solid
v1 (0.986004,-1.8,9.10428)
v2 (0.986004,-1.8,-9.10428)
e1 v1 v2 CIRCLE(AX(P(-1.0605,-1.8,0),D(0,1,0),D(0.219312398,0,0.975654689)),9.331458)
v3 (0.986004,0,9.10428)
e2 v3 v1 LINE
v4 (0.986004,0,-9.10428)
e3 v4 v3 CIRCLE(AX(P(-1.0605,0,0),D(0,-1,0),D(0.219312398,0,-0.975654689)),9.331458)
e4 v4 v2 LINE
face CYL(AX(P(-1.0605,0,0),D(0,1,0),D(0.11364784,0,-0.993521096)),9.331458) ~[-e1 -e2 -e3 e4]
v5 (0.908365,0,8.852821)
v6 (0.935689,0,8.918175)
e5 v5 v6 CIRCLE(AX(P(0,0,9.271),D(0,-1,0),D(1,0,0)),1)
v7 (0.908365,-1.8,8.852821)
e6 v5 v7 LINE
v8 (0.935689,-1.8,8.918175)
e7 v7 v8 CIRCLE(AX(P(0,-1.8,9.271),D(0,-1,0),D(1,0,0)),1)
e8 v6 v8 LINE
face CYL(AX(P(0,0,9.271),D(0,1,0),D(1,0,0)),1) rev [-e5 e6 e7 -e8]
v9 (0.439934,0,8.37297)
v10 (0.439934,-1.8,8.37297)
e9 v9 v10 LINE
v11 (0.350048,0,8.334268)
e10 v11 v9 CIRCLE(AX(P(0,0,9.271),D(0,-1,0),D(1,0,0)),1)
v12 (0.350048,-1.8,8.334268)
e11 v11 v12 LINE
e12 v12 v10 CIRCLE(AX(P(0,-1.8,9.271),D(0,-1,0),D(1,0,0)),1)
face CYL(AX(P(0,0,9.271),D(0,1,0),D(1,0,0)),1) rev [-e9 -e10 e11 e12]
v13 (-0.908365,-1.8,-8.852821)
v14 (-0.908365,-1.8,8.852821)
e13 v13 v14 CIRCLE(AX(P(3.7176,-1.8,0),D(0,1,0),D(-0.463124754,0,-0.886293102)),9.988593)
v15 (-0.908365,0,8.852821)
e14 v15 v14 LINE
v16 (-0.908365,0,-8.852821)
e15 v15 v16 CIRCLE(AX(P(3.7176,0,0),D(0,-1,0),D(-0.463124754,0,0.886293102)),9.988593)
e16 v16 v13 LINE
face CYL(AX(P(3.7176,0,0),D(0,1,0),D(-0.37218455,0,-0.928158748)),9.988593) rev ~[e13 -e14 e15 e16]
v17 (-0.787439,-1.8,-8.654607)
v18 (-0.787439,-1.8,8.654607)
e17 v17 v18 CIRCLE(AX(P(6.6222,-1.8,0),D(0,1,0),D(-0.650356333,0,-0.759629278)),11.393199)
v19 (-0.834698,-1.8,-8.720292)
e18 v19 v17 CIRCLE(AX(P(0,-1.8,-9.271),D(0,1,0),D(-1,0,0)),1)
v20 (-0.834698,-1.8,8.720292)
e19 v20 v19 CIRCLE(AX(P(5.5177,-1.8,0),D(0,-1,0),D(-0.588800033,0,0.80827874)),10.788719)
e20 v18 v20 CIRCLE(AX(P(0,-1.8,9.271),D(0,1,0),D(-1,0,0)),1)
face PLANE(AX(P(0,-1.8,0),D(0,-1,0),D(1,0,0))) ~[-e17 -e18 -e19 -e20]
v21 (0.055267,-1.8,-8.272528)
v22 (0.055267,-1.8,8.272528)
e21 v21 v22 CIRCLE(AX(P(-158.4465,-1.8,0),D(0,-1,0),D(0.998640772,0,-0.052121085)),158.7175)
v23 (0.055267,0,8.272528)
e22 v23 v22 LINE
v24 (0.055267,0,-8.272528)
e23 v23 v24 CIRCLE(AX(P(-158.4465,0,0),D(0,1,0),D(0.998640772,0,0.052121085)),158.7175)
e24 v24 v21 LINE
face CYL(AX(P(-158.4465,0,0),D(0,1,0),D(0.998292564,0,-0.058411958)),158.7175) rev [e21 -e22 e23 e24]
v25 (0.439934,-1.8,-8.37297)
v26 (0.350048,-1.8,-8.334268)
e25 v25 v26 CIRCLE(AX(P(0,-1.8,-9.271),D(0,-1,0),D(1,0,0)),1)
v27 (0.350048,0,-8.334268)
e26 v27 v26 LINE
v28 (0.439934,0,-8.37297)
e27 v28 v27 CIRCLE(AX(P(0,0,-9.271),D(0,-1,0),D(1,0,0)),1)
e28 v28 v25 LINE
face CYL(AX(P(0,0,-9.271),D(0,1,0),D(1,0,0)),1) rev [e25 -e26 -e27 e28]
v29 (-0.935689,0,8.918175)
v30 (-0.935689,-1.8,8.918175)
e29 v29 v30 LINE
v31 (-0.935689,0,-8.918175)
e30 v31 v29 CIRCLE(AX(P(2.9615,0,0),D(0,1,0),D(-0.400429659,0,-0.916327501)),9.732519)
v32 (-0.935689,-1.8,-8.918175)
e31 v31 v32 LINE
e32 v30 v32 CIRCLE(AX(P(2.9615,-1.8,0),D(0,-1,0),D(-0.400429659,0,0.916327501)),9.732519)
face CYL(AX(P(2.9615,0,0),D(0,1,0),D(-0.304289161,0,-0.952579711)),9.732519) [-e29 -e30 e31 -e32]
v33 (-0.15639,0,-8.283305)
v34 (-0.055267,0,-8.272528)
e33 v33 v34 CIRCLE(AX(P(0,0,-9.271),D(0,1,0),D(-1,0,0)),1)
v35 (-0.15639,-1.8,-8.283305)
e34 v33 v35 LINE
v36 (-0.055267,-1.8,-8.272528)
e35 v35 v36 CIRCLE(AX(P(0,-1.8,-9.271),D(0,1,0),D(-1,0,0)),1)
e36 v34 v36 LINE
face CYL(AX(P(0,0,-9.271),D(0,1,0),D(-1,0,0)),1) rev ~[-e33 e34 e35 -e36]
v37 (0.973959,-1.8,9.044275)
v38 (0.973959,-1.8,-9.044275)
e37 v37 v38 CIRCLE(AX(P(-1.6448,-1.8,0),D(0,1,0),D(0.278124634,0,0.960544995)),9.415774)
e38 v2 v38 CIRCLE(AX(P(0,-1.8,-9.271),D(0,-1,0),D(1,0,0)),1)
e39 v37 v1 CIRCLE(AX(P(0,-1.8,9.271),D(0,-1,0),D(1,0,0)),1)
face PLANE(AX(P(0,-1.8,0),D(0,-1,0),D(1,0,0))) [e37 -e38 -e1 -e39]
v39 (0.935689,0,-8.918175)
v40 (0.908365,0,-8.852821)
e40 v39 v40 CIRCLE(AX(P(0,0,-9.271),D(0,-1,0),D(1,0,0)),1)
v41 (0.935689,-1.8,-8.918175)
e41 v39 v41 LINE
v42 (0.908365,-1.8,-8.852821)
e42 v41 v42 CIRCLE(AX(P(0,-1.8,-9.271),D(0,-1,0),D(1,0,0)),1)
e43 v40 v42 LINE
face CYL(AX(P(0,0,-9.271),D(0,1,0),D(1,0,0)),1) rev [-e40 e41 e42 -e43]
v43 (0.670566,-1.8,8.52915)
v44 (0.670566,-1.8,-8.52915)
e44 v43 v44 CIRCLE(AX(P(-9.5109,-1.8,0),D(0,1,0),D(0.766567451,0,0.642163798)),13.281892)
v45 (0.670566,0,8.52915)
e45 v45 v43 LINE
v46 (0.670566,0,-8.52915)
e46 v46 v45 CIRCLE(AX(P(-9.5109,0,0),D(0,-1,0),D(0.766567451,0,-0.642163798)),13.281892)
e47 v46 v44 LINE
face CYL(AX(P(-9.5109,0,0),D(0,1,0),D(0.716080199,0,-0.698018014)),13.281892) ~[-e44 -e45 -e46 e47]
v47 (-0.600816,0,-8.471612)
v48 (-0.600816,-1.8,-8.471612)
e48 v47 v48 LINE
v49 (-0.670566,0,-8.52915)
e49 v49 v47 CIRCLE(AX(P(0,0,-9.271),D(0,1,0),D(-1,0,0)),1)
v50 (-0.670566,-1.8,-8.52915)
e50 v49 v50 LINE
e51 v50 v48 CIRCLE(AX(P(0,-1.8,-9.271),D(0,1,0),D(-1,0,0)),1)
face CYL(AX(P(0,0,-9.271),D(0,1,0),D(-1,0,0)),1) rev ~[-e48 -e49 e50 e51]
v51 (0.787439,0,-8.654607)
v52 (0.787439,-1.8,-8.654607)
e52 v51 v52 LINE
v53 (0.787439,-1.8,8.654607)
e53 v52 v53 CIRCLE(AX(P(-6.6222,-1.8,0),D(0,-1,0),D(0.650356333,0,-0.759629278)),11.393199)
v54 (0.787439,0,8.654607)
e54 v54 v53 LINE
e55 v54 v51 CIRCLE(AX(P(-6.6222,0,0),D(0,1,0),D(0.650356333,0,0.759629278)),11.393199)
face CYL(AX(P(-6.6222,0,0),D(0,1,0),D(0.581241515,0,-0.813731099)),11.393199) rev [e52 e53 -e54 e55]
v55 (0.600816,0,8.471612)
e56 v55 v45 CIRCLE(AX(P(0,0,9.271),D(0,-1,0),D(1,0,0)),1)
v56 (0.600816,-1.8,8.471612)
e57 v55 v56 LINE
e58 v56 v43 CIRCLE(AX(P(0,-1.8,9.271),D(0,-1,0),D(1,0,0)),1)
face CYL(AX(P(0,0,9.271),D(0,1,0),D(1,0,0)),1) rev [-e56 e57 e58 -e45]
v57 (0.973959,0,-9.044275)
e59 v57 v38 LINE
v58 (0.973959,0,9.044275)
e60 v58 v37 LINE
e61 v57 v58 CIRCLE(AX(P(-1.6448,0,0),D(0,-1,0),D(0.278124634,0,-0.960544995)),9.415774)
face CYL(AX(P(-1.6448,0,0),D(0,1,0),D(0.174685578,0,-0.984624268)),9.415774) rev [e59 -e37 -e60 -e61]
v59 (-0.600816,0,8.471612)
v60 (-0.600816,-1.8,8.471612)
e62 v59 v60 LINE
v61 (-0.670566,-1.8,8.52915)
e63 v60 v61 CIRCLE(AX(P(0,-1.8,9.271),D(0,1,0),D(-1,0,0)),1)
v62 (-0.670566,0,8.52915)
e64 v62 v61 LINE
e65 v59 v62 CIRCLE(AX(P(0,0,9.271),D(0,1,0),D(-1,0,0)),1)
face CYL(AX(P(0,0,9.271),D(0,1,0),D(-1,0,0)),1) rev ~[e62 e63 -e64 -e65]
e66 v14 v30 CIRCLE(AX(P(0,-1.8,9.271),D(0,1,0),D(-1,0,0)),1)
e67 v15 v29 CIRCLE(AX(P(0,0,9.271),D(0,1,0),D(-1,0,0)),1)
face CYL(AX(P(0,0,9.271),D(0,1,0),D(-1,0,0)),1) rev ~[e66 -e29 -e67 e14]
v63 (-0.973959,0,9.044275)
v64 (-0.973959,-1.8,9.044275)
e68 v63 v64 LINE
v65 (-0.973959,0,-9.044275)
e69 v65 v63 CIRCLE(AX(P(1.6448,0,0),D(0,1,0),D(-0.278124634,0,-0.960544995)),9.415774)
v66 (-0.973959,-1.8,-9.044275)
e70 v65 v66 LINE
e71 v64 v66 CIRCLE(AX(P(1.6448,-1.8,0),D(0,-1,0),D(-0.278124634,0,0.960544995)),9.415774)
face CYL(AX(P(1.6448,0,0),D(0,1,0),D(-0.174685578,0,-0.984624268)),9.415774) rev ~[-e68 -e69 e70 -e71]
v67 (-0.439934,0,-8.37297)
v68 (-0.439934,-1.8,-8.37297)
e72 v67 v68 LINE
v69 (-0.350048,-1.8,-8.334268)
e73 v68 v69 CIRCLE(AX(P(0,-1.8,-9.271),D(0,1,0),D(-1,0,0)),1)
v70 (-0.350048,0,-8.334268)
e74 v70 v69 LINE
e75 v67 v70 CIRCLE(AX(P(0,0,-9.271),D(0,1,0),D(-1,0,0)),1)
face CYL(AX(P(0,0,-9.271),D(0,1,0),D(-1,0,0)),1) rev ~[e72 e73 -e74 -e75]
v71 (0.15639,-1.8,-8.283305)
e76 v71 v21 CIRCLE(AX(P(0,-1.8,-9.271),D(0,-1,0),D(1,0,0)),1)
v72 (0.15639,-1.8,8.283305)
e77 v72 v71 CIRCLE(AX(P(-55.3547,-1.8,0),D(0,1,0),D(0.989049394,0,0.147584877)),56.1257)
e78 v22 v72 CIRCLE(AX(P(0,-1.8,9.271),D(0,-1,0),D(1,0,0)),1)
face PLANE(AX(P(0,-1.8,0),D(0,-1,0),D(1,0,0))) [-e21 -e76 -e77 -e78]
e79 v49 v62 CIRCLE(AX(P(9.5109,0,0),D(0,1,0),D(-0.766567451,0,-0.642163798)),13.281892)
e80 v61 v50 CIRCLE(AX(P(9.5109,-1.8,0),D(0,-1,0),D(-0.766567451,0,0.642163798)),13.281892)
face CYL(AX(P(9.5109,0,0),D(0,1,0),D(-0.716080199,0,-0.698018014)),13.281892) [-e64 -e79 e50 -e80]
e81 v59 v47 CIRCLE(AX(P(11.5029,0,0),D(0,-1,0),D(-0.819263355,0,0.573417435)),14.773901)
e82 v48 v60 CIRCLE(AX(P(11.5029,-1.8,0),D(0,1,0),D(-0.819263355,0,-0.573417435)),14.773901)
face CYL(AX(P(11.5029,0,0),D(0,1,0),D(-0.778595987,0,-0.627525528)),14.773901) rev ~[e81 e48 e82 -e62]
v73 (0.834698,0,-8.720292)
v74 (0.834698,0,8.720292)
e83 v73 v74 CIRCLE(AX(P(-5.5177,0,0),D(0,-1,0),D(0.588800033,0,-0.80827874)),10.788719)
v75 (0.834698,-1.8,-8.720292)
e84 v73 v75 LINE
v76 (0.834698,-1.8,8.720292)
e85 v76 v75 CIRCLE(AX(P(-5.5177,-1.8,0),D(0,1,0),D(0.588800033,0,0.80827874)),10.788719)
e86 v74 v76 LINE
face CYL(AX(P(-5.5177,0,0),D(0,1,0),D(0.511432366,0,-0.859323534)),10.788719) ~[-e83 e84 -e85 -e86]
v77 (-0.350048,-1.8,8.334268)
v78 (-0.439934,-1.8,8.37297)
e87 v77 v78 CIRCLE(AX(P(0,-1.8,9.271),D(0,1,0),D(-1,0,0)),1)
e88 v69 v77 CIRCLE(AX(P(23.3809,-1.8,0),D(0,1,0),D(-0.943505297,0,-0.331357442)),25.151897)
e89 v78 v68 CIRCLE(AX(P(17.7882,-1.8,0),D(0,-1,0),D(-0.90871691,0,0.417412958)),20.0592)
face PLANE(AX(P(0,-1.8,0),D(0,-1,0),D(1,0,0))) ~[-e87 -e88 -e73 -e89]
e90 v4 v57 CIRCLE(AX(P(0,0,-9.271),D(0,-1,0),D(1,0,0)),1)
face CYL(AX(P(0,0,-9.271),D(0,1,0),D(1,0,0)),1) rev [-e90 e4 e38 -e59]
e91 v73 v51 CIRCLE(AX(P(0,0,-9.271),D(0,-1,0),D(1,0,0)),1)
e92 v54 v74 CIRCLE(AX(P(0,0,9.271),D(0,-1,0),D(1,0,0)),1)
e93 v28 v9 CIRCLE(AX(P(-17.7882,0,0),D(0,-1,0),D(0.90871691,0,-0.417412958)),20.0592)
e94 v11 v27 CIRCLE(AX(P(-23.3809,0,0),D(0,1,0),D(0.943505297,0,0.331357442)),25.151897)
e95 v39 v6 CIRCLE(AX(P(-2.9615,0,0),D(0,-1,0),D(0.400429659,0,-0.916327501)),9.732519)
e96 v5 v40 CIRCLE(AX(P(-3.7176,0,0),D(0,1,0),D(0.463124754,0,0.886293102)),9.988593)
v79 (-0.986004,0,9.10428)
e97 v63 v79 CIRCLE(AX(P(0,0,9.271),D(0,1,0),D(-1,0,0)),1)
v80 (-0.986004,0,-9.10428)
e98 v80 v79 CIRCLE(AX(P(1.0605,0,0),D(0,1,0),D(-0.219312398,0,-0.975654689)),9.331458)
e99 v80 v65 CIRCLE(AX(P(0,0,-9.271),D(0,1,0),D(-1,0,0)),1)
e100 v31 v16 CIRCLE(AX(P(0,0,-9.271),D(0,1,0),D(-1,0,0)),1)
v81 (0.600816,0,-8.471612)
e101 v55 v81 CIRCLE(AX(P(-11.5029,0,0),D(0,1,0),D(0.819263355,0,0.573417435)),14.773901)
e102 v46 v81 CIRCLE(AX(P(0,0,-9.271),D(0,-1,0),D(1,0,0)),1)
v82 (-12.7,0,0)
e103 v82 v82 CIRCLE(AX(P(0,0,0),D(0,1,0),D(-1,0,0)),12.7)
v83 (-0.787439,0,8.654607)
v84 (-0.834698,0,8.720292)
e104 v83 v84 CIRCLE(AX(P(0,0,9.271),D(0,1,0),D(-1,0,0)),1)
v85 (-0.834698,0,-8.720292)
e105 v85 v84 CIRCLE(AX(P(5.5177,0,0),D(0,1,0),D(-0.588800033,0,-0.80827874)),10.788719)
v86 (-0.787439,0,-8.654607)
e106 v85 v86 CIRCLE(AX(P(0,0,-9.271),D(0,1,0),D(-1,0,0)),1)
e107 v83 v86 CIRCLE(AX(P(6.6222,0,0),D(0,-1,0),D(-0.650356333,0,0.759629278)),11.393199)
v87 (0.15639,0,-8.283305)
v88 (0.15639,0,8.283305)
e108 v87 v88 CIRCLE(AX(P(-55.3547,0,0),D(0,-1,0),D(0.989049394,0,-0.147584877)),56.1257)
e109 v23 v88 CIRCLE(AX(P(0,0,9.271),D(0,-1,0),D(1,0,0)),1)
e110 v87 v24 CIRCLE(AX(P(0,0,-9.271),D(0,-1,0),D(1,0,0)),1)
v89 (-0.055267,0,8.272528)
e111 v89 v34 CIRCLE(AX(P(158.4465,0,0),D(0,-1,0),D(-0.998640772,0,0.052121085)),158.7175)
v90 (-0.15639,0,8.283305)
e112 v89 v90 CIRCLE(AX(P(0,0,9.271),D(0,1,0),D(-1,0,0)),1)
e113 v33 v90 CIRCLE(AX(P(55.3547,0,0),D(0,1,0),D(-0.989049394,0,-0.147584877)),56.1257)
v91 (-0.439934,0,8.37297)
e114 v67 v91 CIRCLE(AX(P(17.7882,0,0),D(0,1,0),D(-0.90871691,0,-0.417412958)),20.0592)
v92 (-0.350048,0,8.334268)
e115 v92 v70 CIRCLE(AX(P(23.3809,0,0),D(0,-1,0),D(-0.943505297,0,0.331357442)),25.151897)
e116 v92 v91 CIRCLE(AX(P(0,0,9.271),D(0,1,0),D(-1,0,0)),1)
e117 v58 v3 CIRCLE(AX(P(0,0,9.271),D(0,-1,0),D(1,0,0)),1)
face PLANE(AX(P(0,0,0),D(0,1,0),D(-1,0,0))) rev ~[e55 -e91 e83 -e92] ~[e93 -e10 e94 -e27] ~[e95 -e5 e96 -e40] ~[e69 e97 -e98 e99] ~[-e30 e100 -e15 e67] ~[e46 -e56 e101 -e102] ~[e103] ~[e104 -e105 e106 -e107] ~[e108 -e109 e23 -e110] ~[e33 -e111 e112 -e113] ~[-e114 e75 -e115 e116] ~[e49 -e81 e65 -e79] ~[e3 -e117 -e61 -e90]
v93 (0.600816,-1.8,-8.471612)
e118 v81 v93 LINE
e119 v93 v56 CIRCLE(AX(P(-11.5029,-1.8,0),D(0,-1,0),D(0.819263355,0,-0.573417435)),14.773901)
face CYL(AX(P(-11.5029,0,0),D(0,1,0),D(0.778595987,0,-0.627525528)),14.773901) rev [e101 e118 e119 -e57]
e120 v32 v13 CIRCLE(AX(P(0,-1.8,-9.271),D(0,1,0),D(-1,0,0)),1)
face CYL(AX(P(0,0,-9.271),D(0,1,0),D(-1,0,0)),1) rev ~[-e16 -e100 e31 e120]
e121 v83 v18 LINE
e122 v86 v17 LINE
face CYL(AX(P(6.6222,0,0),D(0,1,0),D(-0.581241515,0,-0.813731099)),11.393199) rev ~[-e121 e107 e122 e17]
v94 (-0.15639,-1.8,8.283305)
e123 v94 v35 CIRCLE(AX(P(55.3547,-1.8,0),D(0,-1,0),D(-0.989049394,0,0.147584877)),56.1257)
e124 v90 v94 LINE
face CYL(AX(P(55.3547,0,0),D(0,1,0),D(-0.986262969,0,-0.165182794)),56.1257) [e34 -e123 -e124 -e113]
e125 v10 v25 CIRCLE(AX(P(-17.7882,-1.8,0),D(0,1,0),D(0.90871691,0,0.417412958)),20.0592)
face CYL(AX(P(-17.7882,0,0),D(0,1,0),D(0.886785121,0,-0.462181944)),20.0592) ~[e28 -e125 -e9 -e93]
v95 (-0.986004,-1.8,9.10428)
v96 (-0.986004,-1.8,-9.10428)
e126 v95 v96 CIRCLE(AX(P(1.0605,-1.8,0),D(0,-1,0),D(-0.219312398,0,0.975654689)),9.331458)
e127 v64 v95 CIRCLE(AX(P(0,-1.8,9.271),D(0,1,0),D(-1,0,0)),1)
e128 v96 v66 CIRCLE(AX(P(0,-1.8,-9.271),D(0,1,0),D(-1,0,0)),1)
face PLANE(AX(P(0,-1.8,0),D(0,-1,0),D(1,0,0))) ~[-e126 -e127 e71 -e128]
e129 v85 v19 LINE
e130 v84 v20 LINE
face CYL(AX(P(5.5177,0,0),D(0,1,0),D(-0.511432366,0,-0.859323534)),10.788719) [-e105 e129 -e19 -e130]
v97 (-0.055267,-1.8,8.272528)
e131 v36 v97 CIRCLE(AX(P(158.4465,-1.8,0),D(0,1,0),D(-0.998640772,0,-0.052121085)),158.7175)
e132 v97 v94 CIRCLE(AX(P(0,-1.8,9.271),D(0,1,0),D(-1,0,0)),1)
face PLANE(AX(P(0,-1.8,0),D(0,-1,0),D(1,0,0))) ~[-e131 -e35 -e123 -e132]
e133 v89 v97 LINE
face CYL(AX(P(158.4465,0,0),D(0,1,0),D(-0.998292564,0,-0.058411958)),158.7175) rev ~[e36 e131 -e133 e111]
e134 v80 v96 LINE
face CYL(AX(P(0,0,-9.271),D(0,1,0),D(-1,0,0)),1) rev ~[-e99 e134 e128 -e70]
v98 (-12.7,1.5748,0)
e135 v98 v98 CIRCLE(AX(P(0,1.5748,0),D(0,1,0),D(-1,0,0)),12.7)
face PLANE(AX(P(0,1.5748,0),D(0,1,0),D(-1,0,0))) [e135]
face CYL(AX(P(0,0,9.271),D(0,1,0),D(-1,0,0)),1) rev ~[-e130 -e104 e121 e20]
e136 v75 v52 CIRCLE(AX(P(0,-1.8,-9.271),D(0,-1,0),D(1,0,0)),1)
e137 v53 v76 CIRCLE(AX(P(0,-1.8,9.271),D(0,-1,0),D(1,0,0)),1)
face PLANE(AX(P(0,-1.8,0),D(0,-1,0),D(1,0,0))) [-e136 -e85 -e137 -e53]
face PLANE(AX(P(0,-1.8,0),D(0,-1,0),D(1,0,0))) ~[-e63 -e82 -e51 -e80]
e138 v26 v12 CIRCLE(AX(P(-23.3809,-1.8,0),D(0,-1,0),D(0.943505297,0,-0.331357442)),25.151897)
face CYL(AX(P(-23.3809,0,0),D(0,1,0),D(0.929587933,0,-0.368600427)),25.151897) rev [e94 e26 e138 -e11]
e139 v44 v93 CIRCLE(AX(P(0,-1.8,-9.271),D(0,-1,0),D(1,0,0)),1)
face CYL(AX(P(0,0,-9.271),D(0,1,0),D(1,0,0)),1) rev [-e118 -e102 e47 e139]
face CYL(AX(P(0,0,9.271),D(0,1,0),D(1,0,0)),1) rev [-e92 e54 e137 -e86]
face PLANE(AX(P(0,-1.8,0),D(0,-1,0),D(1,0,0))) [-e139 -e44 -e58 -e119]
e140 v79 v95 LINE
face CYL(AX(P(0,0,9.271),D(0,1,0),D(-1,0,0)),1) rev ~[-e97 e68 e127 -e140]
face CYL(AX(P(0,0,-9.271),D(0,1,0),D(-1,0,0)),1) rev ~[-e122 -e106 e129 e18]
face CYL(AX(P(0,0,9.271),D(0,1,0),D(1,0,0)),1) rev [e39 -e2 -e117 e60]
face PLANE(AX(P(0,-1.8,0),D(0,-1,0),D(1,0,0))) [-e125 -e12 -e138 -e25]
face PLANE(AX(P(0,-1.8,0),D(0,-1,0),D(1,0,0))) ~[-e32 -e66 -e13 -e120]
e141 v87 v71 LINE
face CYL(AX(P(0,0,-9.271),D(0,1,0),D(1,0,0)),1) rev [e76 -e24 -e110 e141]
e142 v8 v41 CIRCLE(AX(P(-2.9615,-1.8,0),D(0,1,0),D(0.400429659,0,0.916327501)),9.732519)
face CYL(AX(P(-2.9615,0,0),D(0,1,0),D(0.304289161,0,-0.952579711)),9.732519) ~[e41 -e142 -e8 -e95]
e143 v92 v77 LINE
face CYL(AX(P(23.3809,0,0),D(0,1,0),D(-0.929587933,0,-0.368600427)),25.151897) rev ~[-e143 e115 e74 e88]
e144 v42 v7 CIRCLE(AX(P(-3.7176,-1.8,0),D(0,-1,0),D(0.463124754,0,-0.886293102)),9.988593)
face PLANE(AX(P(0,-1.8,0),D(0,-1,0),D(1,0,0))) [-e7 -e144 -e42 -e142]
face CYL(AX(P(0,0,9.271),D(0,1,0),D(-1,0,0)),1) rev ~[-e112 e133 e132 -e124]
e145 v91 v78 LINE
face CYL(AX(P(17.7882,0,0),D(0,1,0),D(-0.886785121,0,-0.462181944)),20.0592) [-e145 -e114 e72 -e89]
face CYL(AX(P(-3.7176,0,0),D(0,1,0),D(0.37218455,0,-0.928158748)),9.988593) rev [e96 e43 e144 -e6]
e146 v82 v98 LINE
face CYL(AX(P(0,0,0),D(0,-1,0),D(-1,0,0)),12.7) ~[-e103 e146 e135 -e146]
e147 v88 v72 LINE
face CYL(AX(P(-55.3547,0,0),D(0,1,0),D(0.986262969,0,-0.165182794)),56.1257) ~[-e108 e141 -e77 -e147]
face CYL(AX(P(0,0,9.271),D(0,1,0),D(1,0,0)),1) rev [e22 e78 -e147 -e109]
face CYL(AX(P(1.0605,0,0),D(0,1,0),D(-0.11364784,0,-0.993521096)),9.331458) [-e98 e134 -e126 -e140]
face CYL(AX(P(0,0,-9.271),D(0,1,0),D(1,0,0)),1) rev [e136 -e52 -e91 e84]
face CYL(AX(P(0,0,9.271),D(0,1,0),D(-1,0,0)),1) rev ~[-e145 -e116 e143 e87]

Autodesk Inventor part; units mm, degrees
ref_plane "YZ Plane" through (0, 0, 0) normal (1, 0, 0) x (0, 1, 0)
ref_plane "XZ Plane" through (0, 0, 0) normal (0, 1, 0) x (-1, 0, 0)
ref_plane "XY Plane" through (0, 0, 0) normal (0, 0, 1) x (1, 0, 0)
sketch "Sketch1" plane through (0, 0, 0) normal (0, 1, 0) x (-1, 0, 0)
  circle A0 centre (0, 0) radius 12.7
  dimension "d0" = 25.4
extrude "Extrusion1" add sketch "Sketch1" along normal blind 1.5748
sketch "Sketch2" plane through (0, 0, 0) normal (0, -1, 0) x (1, 0, 0)
  circle A0 centre (0, 0) radius 9.271
  line L0 (0, -9.271) -> (0, -7.271)
  line L1 (9.271, 0) -> (8.271, 0)
  line L2 (8.271, 0) -> (7.771, 0)
  line L3 (7.771, 0) -> (6.771, 0)
  line L4 (6.771, 0) -> (6.271, 0)
  line L5 (6.271, 0) -> (5.271, 0)
  line L6 (5.271, 0) -> (4.771, 0)
  line L7 (4.771, 0) -> (3.771, 0)
  line L8 (3.771, 0) -> (3.271, 0)
  line L9 (3.271, 0) -> (2.271, 0)
  line L10 (2.271, 0) -> (1.771, 0)
  line L11 (1.771, 0) -> (0.771, 0)
  line L12 (0.771, 0) -> (0.271, 0)
  line L13 (0, 9.271) -> (0, 7.271)
  arc A1 (0, -9.271) -> (0, 9.271) centre (-158.4465, 0) ccw
  arc A2 (0, -9.271) -> (0, 9.271) centre (-55.3547, 0) ccw
  arc A3 (0, -9.271) -> (0, 9.271) centre (-23.3809, 0) ccw
  arc A4 (0, -9.271) -> (0, 9.271) centre (-17.7882, 0) ccw
  arc A5 (0, -9.271) -> (0, 9.271) centre (-11.5029, 0) ccw
  arc A6 (0, -9.271) -> (0, 9.271) centre (-9.5109, 0) ccw
  arc A7 (0, -9.271) -> (0, 9.271) centre (-6.6222, 0) ccw
  arc A8 (0, -9.271) -> (0, 9.271) centre (-5.5177, 0) ccw
  arc A9 (0, -9.271) -> (0, 9.271) centre (-3.7176, 0) ccw
  arc A10 (0, -9.271) -> (0, 9.271) centre (-2.9615, 0) ccw
  arc A11 (0, -9.271) -> (0, 9.271) centre (-1.6448, 0) ccw
  arc A12 (0, -9.271) -> (0, 9.271) centre (-1.0605, 0) ccw
  circle A13 centre (0, 9.271) radius 1
  circle A14 centre (0, -9.271) radius 1
  point P0 (0.974, -9.0443)
  point P1 (0.986, -9.1043)
  point P2 (0.986, 9.1043)
  point P3 (0.974, 9.0443)
  point P4 (0.9357, 8.9182)
  point P5 (0.9084, 8.8528)
  point P6 (0.9084, -8.8528)
  point P7 (0.9357, -8.9182)
  point P8 (0.7874, -8.6546)
  point P9 (0.8347, -8.7203)
  point P10 (0.8347, 8.7203)
  point P11 (0.7874, 8.6546)
  point P12 (0.6008, -8.4716)
  point P13 (0.6706, -8.5292)
  point P14 (0.6706, 8.5292)
  point P15 (0.6008, 8.4716)
  point P16 (0.4399, 8.373)
  point P17 (0.35, 8.3343)
  point P18 (0.35, -8.3343)
  point P19 (0.4399, -8.373)
  point P20 (0.0553, -8.2725)
  point P21 (0.1564, -8.2833)
  point P22 (0.1564, 8.2833)
  point P23 (0.0553, 8.2725)
  dimension "d3" = 18.542
  dimension "d4" = 2
  dimension "d5" = 1
  dimension "d6" = 0.5
  dimension "d7" = 1
  dimension "d8" = 0.5
  dimension "d9" = 1
  dimension "d10" = 0.5
  dimension "d11" = 1
  dimension "d12" = 0.5
  dimension "d13" = 1
  dimension "d14" = 0.5
  dimension "d15" = 1
  dimension "d16" = 0.5
  dimension "d17" = 2
  dimension "d18" = 2
  dimension "d19" = 2
extrude "Extrusion2" add sketch "Sketch2" along normal blind 1.8 contours A12 A14 A11 L2 | L2 A11 A13 A12 | A13 A2 L12 A1 | A13 A4 L10 A3 | A13 A6 L8 A5 | A13 A8 L6 A7 | A13 A10 L4 A9 | A1 L12 A2 A14 | A3 L10 A4 A14 | A5 L8 A6 A14 | A7 L6 A8 A14 | A9 L4 A10 A14
mirror "Mirror1" about plane through (0, 0, 0) normal (1, 0, 0) of "Extrusion2"
properties part number "flow director r1"
